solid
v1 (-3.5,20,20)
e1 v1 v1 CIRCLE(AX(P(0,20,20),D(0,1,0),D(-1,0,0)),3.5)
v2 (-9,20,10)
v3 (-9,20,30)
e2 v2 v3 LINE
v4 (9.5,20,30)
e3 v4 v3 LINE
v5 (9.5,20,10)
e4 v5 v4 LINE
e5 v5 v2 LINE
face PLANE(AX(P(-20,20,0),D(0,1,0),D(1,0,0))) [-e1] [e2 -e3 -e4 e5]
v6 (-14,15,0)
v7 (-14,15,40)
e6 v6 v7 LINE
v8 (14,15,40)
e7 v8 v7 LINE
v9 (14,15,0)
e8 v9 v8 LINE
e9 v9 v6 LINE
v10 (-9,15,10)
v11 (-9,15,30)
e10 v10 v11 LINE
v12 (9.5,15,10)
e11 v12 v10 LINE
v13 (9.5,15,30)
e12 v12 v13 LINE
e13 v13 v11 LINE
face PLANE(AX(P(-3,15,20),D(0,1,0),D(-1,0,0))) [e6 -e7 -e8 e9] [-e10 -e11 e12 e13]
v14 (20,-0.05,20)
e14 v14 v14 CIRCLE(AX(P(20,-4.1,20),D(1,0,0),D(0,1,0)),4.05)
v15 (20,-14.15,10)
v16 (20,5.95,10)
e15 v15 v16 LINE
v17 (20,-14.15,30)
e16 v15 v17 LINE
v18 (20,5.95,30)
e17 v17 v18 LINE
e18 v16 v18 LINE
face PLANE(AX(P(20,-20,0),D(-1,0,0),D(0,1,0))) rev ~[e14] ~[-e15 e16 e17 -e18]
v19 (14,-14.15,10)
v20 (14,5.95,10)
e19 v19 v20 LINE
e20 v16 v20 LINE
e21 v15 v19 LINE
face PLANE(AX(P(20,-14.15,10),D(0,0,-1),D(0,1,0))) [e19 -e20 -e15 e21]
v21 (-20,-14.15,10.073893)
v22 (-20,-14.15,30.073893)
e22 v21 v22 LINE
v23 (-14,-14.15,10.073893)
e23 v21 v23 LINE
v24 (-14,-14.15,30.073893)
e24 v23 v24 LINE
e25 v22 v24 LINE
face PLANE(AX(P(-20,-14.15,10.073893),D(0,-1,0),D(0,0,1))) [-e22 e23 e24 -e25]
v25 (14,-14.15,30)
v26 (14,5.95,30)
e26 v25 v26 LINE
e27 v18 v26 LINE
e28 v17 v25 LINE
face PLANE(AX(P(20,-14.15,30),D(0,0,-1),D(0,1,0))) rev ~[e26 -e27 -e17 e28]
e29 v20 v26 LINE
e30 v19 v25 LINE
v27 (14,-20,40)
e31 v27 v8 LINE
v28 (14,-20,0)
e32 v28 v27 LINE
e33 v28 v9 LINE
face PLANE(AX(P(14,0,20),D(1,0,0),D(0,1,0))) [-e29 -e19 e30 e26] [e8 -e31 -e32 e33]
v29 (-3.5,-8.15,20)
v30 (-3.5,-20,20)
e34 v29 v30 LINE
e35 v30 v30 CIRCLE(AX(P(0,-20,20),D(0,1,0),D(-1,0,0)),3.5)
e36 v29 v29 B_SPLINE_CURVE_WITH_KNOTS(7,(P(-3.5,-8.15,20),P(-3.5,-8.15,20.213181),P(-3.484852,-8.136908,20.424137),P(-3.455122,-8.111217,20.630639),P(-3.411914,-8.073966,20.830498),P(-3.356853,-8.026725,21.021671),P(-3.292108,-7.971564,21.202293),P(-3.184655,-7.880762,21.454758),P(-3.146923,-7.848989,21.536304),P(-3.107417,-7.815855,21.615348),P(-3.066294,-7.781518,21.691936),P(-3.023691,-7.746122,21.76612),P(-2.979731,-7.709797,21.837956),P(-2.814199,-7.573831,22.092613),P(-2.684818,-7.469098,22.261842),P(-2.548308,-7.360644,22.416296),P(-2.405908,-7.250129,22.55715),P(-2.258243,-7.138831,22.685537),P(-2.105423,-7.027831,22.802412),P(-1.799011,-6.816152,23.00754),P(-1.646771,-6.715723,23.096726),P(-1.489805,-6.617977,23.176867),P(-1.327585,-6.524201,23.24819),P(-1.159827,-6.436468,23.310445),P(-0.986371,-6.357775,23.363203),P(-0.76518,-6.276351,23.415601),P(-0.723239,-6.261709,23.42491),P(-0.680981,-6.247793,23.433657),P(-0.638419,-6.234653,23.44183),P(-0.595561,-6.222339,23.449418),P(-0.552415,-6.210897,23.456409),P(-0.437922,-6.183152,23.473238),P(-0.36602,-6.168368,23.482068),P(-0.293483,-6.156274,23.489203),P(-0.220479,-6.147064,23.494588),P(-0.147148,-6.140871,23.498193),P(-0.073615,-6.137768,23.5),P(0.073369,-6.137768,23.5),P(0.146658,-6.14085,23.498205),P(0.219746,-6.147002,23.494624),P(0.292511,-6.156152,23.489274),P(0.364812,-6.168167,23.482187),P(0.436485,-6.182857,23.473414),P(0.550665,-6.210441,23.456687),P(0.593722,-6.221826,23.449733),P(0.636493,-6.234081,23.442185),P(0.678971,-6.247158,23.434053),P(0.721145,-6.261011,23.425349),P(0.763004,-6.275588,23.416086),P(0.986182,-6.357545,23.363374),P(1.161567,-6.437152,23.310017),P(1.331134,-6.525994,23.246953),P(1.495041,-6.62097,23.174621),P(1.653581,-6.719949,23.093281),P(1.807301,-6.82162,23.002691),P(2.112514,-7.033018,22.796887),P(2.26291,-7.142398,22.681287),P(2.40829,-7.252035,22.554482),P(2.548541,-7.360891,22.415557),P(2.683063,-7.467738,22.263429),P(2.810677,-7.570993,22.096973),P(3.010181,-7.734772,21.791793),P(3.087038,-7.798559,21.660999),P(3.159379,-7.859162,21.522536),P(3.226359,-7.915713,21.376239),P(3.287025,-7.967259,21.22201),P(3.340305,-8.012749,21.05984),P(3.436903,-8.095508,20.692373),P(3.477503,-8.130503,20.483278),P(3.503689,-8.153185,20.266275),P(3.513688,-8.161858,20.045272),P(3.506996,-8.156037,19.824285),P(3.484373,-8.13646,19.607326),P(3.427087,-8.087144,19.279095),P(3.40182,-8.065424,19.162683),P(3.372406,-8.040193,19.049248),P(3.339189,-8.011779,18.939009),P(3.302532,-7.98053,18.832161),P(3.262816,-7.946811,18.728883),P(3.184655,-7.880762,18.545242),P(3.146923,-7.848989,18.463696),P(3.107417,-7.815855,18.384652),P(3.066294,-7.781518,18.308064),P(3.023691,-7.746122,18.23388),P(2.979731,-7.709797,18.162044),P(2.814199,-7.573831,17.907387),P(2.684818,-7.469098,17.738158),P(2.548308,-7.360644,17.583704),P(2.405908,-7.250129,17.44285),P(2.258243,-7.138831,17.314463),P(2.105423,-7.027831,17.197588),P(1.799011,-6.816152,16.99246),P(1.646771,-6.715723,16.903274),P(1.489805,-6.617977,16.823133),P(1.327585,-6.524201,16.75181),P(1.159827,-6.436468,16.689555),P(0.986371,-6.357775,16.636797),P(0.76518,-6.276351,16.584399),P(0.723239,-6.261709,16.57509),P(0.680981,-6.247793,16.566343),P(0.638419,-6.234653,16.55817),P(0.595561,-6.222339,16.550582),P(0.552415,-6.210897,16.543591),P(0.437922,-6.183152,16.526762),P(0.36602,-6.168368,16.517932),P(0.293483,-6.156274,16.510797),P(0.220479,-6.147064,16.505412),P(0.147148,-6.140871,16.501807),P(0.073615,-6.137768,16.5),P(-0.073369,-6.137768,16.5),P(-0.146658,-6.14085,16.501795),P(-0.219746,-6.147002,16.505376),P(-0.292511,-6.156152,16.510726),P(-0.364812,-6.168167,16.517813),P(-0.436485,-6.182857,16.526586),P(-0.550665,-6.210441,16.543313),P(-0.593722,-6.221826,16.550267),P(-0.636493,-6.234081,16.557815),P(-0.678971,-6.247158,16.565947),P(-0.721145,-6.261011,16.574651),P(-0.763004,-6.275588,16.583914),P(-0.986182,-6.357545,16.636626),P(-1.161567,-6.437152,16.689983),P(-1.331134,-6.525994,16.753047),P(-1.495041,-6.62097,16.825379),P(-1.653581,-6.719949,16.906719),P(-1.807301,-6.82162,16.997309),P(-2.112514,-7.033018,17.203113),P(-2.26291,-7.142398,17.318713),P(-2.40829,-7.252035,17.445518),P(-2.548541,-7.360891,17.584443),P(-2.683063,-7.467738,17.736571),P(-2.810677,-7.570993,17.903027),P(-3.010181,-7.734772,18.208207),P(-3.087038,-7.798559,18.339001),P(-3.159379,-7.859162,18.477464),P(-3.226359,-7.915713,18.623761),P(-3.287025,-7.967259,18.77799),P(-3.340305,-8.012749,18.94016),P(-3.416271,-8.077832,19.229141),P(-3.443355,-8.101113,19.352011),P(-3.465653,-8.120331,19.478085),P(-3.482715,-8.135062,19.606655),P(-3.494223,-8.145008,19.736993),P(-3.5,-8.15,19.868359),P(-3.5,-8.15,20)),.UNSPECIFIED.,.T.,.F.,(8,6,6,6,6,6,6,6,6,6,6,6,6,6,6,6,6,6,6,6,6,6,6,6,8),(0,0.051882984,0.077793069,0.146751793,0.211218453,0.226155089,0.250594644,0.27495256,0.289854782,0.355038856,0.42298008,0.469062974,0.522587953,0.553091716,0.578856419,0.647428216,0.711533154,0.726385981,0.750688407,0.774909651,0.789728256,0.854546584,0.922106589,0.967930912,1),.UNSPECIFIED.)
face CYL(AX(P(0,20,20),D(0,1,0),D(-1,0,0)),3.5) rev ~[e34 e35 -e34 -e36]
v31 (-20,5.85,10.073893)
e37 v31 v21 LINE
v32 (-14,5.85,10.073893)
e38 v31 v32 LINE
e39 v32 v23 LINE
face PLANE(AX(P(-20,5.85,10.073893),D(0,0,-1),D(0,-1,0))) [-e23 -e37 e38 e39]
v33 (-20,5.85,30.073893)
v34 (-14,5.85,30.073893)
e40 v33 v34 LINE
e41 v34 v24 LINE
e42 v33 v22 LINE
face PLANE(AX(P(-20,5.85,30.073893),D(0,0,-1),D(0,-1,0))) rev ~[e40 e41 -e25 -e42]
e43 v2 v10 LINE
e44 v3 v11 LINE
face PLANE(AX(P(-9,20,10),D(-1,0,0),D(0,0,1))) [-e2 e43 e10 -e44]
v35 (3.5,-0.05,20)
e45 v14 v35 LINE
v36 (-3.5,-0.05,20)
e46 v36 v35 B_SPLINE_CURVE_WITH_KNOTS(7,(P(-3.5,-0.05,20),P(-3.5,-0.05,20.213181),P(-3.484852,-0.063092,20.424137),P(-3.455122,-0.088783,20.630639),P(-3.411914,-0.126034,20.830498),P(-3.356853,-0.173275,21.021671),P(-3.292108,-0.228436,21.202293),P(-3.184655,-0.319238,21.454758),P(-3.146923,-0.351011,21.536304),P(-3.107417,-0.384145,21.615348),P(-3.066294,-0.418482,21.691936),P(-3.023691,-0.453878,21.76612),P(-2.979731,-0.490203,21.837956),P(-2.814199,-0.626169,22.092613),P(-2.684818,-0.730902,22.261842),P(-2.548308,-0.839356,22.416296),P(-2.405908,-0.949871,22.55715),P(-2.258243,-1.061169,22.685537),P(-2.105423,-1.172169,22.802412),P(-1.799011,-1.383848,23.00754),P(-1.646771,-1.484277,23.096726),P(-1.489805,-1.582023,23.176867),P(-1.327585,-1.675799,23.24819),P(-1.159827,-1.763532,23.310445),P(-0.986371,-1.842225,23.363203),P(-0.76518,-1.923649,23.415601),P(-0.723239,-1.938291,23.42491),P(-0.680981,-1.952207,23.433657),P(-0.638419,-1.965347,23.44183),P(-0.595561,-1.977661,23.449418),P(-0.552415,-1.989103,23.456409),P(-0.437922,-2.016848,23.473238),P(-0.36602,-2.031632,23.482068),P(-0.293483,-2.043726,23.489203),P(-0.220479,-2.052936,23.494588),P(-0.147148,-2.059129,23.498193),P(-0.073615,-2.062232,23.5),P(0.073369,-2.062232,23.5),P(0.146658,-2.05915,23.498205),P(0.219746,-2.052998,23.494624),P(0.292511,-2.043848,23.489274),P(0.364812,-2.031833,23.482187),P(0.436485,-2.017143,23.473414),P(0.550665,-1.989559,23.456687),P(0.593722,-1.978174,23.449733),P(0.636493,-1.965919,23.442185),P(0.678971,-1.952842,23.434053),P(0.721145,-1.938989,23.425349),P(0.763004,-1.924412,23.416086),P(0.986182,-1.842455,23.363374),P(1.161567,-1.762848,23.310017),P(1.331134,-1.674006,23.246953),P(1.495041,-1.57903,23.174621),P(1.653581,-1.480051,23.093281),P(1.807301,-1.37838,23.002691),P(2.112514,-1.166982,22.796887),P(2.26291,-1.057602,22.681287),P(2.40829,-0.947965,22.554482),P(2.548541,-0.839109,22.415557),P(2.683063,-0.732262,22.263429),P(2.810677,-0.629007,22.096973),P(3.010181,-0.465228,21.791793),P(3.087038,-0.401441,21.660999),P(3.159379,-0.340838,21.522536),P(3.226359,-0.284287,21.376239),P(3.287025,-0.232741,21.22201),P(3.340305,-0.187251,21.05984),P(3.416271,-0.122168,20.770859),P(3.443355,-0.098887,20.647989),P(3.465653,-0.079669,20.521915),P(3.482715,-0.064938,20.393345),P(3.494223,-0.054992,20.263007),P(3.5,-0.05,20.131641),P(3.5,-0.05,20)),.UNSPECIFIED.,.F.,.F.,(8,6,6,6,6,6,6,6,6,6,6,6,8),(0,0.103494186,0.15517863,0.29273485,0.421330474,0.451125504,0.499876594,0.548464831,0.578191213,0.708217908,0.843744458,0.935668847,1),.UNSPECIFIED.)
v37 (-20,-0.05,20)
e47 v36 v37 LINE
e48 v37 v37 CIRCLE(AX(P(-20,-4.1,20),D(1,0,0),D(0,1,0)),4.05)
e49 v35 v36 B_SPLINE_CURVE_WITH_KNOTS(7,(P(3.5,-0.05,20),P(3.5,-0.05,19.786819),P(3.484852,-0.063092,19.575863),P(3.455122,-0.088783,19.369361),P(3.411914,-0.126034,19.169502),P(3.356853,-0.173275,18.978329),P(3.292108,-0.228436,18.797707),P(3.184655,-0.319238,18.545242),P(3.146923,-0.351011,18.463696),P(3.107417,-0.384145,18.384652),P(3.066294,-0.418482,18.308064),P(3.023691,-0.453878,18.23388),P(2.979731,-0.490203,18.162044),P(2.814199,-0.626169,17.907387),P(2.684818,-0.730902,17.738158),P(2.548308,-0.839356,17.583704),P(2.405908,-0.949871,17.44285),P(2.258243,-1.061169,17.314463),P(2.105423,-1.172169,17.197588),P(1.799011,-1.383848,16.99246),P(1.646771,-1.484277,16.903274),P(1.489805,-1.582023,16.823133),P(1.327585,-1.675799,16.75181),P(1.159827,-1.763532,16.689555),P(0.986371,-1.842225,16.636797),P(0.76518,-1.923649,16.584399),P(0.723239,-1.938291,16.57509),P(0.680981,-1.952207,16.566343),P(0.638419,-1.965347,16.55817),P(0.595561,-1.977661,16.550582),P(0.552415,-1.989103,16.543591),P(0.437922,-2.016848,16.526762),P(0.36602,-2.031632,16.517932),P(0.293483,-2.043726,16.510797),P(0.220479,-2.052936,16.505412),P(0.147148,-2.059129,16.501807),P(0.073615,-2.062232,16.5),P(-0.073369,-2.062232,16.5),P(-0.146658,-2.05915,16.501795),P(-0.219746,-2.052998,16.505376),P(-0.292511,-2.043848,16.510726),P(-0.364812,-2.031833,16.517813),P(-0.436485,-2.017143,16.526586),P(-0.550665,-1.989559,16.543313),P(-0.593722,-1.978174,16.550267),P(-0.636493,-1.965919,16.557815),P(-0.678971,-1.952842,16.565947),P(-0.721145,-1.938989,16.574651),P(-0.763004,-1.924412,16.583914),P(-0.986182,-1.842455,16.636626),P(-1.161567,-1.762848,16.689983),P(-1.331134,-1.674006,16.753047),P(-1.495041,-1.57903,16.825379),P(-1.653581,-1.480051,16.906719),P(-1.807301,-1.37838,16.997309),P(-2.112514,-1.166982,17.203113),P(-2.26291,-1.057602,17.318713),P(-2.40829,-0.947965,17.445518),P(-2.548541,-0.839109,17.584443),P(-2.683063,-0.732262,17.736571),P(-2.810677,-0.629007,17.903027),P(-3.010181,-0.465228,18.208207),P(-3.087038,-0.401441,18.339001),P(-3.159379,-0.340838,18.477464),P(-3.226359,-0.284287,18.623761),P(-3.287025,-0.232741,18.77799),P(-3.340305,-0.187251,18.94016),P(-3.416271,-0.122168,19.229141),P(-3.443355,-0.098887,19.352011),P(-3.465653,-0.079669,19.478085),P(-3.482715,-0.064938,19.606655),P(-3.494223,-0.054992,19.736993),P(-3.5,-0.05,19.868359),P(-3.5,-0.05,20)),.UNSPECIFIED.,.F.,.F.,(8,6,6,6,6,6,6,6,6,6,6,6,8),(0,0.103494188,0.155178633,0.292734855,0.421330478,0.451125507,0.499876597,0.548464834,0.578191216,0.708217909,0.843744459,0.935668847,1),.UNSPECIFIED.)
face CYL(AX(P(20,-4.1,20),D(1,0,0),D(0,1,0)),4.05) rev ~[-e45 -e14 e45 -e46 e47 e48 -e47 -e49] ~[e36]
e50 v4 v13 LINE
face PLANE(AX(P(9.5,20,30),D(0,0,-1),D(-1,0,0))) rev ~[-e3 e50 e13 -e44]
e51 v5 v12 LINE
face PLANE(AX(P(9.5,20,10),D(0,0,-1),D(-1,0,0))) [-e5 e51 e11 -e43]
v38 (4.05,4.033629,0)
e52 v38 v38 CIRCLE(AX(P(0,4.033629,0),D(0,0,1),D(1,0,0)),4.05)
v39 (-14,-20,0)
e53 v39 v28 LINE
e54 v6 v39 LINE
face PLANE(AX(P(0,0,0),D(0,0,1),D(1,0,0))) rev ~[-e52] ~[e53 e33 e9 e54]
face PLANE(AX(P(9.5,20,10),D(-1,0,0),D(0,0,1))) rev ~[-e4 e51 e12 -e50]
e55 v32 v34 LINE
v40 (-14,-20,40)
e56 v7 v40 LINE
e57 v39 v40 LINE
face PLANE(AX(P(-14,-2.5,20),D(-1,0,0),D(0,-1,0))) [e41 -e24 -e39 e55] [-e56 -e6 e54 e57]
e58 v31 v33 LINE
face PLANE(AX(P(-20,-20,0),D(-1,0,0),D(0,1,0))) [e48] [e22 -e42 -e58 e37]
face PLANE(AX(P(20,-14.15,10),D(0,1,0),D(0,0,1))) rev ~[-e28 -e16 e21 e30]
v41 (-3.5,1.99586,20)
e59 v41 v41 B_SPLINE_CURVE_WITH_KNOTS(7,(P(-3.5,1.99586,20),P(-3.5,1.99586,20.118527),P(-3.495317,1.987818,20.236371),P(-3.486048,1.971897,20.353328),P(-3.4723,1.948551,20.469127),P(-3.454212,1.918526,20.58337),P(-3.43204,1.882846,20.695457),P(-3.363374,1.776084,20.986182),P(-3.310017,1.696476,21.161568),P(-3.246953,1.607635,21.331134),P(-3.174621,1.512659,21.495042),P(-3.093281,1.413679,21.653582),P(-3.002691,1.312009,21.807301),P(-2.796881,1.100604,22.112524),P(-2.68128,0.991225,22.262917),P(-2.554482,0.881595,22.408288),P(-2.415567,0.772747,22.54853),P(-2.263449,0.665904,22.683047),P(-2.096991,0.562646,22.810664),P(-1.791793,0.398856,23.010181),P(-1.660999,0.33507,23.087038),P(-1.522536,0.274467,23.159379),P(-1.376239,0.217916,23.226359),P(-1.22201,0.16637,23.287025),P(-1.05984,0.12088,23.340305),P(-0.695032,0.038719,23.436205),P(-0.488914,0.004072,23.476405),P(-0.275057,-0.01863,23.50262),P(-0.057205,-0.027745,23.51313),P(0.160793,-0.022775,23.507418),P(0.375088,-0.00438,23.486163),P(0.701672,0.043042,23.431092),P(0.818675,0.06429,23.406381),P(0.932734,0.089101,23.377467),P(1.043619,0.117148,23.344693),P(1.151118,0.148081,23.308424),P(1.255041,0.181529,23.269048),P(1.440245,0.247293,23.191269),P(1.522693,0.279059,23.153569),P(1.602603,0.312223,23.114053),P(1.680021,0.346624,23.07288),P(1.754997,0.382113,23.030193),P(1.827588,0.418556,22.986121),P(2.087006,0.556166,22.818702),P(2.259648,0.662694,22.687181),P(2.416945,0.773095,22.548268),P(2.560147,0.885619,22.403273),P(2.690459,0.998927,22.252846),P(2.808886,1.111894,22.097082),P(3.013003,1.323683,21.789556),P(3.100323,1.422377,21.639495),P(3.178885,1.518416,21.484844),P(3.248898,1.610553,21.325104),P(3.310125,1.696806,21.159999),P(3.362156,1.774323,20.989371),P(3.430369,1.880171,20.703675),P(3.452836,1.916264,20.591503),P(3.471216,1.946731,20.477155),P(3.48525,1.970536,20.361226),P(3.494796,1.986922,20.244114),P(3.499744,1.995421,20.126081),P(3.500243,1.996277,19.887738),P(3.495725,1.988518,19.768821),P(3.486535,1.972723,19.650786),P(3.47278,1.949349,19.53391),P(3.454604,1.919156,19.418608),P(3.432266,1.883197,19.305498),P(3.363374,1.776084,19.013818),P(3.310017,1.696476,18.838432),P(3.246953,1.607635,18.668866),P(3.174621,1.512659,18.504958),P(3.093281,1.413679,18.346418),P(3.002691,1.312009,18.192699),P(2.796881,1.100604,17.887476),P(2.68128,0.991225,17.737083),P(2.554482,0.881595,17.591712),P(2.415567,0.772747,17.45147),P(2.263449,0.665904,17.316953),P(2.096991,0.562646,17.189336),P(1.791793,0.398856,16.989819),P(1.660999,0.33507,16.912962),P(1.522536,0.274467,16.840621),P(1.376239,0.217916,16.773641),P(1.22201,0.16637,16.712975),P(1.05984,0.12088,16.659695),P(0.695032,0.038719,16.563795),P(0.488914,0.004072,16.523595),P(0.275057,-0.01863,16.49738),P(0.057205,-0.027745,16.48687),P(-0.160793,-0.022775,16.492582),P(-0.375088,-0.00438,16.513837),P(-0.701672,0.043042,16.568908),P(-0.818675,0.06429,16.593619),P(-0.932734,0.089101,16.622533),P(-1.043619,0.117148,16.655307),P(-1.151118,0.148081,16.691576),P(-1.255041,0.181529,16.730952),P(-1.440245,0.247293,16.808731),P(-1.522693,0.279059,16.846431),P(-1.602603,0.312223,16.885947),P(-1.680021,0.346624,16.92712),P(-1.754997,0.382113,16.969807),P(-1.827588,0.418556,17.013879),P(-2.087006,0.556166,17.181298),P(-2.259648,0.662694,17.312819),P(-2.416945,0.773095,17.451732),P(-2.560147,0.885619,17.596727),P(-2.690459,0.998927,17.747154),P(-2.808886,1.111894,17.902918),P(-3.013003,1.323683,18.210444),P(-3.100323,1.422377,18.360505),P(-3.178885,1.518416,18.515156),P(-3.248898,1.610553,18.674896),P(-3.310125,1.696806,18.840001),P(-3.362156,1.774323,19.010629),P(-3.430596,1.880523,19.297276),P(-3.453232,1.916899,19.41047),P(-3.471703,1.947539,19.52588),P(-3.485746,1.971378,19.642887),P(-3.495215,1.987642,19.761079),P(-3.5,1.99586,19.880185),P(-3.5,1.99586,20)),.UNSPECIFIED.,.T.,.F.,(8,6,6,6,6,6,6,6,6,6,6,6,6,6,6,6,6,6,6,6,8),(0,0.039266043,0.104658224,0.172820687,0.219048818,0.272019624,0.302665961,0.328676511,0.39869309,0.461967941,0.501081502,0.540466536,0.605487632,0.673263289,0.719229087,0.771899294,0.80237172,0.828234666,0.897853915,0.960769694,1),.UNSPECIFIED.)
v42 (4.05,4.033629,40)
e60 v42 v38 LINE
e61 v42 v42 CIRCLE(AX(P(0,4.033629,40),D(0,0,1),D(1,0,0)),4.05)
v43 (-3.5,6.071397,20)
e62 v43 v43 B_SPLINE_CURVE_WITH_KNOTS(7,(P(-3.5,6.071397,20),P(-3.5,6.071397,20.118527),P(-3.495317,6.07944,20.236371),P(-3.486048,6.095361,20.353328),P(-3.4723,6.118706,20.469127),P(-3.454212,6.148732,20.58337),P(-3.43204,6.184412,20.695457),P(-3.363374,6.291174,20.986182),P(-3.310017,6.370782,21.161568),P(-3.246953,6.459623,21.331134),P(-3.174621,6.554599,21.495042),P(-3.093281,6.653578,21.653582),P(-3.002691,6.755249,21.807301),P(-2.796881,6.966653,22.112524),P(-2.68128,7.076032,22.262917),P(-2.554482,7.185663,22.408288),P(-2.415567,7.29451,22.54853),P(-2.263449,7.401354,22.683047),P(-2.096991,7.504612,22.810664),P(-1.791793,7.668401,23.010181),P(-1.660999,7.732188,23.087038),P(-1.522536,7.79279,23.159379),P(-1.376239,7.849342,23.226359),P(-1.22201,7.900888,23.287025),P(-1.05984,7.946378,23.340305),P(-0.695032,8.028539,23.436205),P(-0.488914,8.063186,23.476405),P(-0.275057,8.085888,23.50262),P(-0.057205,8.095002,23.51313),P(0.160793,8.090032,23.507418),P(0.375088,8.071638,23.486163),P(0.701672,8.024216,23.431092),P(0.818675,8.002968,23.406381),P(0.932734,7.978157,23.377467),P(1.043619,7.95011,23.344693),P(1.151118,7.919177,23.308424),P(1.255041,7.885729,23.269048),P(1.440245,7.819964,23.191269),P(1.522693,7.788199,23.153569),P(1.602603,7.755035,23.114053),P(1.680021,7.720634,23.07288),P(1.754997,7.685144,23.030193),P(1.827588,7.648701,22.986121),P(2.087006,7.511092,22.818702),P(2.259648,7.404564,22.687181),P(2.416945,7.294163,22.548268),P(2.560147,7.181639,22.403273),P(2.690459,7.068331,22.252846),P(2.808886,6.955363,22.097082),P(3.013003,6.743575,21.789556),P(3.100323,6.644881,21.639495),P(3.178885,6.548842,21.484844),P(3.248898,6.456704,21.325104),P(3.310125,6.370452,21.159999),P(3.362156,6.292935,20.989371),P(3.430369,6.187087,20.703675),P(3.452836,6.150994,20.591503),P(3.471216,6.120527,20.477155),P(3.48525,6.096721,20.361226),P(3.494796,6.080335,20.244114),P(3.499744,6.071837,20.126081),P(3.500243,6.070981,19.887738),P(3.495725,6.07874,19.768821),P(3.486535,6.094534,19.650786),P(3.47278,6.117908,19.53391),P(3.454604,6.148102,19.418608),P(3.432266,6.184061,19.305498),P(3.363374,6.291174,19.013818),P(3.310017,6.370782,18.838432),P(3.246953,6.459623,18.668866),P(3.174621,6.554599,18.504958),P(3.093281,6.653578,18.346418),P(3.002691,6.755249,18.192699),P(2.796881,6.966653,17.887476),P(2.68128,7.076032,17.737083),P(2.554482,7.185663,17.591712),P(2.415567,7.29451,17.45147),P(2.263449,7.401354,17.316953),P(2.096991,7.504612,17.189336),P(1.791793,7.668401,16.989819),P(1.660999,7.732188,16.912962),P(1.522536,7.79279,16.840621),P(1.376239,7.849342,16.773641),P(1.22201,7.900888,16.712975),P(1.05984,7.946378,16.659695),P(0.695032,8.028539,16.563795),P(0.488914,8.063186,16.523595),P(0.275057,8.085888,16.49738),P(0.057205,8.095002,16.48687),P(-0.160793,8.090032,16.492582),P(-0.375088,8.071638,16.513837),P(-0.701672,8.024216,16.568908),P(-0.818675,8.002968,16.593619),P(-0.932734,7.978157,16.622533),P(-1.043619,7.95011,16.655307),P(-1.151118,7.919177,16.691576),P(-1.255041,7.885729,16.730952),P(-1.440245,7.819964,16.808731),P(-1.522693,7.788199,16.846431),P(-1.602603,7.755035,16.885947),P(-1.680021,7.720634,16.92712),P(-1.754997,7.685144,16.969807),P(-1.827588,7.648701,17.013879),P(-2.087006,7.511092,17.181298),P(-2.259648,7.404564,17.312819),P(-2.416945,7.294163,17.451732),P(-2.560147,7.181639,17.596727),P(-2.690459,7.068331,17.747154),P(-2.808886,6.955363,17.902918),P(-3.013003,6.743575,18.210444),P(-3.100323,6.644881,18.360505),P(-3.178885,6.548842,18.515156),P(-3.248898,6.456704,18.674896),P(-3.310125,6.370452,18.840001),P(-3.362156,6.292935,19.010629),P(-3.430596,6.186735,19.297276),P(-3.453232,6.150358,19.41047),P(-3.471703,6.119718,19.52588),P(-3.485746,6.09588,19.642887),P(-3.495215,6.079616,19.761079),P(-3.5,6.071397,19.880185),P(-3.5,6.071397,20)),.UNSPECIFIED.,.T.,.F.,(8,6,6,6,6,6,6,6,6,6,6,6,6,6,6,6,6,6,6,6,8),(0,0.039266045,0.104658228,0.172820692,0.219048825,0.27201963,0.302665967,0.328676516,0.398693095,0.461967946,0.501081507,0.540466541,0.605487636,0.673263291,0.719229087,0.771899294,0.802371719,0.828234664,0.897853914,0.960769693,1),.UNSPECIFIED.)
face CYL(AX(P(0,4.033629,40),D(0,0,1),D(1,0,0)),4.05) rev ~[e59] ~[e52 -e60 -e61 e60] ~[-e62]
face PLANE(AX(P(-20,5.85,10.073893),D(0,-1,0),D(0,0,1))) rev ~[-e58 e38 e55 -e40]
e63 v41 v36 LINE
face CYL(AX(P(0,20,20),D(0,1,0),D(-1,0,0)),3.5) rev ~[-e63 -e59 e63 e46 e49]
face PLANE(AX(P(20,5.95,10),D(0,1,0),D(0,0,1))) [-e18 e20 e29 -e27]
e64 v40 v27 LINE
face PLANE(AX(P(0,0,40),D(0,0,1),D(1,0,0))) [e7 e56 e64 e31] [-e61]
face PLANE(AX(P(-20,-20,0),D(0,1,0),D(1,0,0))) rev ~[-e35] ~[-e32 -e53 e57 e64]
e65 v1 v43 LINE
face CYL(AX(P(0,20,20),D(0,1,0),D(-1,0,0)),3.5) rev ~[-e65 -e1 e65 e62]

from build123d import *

# Parameters (mm, degrees)
F0_W      = 40
F0_H      = 40
F1_DEPTH  = 40
F2_R      = 4.05
F3_DEPTH  = 40
F4_R      = 4.05
F5_DEPTH  = 40
F6_R      = 3.5
F7_DEPTH  = 40
F8_W      = 40
F8_H      = 40
F8_W_2    = 20.1
F8_H_2    = 20
F9_DEPTH  = 6
F10_W     = 34
F10_H     = 40
F10_W_2   = 18.5
F10_H_2   = 20
F11_DEPTH = 5
F12_W     = 35
F12_H     = 40
F12_W_2   = 20
F12_H_2   = 20
F13_DEPTH = 6


with BuildPart() as f1:
    # F0 (on Top) → F1 (new body)
    with BuildSketch(Plane.XY):
        Rectangle(F0_W, F0_H)
    extrude(amount=F1_DEPTH)

    # F2 (on face) → F3 (cut)
    with BuildSketch(Plane.XY.offset(40)):
        with Locations((0, 4.0336288512)):
            Circle(F2_R)
    extrude(amount=-F3_DEPTH, mode=Mode.SUBTRACT)

    # F4 (on face) → F5 (cut)
    with BuildSketch(Plane.YZ.offset(20)):
        with Locations((-4.1, 20)):
            Circle(F4_R)
    extrude(amount=-F5_DEPTH, mode=Mode.SUBTRACT)

    # F6 (on face) → F7 (cut)
    with BuildSketch(Plane(origin=(0, 20, 0), x_dir=(-1, 0, 0), z_dir=(0, 1, 0))):
        with Locations((0, 20)):
            Circle(F6_R)
    extrude(amount=-F7_DEPTH, mode=Mode.SUBTRACT)

    # F8 (on face) → F9 (cut)
    with BuildSketch(Plane.YZ.offset(20)):
        with Locations((0, 20)):
            Rectangle(F8_W, F8_H)
        with Locations((-4.1, 20)):
            Rectangle(F8_W_2, F8_H_2, mode=Mode.SUBTRACT)
    extrude(amount=-F9_DEPTH, mode=Mode.SUBTRACT)

    # F10 (on face) → F11 (cut)
    with BuildSketch(Plane(origin=(0, 20, 0), x_dir=(-1, 0, 0), z_dir=(0, 1, 0))):
        with Locations((3, 20)):
            Rectangle(F10_W, F10_H)
        with Locations((-0.25, 20)):
            Rectangle(F10_W_2, F10_H_2, mode=Mode.SUBTRACT)
    extrude(amount=-F11_DEPTH, mode=Mode.SUBTRACT)

    # F12 (on face) → F13 (cut)
    with BuildSketch(Plane(origin=(-20, 0, 0), x_dir=(0, -1, 0), z_dir=(-1, 0, 0))):
        with Locations((2.5, 20)):
            Rectangle(F12_W, F12_H)
        with Locations((4.15, 20.0738927722)):
            Rectangle(F12_W_2, F12_H_2, mode=Mode.SUBTRACT)
    extrude(amount=-F13_DEPTH, mode=Mode.SUBTRACT)


solid = f1.part
